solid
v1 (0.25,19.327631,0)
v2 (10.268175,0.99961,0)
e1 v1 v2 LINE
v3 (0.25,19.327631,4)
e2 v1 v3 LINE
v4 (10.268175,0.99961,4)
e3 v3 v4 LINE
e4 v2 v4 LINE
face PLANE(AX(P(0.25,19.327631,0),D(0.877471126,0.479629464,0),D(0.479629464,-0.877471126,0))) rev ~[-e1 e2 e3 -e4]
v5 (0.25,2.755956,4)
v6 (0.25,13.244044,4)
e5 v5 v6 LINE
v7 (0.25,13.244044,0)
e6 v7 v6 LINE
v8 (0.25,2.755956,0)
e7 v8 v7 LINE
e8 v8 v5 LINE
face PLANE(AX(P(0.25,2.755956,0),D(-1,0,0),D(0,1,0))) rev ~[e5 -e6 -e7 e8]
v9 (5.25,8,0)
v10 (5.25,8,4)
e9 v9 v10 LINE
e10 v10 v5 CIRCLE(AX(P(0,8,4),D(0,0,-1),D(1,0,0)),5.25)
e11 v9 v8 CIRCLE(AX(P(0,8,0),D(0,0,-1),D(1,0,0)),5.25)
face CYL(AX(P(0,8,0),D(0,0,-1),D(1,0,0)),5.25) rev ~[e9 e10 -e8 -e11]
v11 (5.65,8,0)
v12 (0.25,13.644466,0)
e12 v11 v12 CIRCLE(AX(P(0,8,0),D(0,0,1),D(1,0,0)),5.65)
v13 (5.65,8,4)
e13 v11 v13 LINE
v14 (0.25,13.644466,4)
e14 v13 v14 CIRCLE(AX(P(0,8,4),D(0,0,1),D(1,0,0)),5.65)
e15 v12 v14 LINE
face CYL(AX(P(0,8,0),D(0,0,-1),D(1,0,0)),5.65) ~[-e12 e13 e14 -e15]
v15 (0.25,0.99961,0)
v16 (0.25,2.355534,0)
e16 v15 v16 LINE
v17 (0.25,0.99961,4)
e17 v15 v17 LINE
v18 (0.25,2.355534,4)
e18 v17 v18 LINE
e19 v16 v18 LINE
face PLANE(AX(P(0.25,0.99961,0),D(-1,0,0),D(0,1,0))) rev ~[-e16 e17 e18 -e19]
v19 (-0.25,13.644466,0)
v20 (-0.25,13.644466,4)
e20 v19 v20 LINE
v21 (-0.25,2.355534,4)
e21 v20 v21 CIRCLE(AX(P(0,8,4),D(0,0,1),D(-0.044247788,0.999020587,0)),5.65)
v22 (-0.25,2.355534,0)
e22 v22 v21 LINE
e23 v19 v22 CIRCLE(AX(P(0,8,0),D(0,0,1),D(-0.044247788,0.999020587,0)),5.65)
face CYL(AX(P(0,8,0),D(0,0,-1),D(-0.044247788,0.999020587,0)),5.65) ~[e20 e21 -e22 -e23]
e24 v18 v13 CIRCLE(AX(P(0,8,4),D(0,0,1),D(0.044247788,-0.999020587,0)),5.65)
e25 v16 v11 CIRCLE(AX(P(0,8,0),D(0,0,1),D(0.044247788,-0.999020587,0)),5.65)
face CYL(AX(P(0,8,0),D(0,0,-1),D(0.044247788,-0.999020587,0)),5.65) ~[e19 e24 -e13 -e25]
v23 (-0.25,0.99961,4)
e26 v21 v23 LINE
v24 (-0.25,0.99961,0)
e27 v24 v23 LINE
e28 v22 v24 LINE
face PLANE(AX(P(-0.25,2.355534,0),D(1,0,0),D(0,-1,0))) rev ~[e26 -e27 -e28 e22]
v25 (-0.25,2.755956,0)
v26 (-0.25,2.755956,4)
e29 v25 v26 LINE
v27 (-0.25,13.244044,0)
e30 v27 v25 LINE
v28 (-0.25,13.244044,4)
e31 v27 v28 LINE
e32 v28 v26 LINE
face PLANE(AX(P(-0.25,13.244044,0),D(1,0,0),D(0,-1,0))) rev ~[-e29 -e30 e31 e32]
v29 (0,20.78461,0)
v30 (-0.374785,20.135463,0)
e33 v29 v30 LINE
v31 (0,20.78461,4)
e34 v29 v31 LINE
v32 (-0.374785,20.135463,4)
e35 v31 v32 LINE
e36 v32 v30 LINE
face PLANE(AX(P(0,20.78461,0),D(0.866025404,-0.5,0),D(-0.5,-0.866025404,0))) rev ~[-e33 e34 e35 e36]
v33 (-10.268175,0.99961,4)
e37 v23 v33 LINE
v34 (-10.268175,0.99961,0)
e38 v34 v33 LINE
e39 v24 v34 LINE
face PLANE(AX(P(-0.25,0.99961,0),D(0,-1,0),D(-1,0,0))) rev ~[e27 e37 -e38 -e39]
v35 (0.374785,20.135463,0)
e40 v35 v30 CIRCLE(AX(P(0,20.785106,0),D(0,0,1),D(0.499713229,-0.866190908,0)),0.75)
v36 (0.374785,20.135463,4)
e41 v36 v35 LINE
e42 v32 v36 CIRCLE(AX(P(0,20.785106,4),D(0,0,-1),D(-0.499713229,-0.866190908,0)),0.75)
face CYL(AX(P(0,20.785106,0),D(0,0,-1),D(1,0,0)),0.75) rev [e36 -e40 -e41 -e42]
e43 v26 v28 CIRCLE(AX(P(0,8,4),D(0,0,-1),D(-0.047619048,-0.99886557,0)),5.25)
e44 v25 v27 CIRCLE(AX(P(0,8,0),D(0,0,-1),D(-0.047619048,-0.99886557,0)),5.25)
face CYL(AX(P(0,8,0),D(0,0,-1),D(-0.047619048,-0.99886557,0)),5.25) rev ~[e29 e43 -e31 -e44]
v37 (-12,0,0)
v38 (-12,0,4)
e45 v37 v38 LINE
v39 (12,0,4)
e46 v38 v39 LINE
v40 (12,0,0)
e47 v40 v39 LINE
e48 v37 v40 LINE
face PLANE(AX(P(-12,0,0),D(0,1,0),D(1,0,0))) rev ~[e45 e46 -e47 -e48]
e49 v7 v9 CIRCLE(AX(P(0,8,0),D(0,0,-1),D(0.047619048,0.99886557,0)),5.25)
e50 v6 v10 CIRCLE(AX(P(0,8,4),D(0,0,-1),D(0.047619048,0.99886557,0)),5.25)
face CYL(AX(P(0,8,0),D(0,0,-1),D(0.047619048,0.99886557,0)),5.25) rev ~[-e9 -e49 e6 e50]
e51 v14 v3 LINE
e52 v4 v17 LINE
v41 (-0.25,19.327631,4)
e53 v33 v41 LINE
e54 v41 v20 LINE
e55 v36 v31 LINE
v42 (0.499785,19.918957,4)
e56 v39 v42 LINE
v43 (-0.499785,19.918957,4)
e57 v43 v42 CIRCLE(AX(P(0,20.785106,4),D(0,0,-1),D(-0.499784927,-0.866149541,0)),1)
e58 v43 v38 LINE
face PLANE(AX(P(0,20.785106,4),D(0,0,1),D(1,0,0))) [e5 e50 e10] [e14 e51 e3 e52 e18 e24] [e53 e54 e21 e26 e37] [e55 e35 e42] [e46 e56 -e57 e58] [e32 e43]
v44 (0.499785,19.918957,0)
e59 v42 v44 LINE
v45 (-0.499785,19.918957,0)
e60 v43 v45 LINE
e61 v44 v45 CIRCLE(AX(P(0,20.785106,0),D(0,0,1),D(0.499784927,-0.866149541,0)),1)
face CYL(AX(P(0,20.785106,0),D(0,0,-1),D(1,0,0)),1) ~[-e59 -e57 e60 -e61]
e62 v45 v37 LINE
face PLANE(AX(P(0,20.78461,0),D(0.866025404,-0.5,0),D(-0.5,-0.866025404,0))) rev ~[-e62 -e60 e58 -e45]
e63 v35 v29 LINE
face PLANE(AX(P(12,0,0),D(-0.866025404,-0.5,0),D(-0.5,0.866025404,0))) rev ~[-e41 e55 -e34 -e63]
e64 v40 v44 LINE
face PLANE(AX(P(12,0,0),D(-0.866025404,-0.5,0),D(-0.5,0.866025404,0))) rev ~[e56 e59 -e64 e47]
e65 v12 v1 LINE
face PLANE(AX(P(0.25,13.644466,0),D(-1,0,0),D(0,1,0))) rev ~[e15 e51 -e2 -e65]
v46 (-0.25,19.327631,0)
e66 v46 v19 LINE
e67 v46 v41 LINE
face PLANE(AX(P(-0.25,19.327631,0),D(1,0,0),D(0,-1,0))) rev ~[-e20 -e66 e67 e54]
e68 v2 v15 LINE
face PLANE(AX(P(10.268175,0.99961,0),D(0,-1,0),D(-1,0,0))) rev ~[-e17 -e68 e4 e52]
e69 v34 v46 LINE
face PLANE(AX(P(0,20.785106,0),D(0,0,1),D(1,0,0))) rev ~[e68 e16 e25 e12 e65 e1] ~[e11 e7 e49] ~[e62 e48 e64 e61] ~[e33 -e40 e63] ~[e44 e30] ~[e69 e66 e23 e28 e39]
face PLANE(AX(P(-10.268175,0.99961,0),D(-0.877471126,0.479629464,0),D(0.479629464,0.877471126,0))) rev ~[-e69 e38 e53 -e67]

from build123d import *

# Parameters (mm, degrees)
F0_W     = 0.25
F0_H     = 0.9996096908
F1_DEPTH = 4
F2_R     = 1
F2_R_2   = 0.75
F3_DEPTH = 4


with BuildPart() as f1:
    # F0 (on Top) → F1 (new body)
    with BuildSketch(Plane.XY):
        Polygon((0, 19.9352577329), (0, 20.7846096908), (-12, 0), (-0.25, 0), (-0.25, 0.9996096908), (-10.2681745375, 0.9996096908), (-0.25, 19.3276307217), (-0.25, 19.9352577329), align=None)
        Polygon((0, 19.785), (0, 19.9352577329), (-0.25, 19.9352577329), (-0.25, 19.3276307217), align=None)
        with BuildLine():
            Line((0, 13.65), (0, 19.785))
            Line((0, 19.785), (-0.25, 19.3276307217))
            Line((-0.25, 19.3276307217), (-0.25, 13.6444663167))
            ThreePointArc((-0.25, 13.6444663167), (-0.1250306179, 13.6486164098), (0, 13.65))
        make_face()
        with BuildLine():
            Line((0.25, 19.3276307217), (0, 19.785))
            Line((0, 19.785), (0, 13.65))
            ThreePointArc((0, 13.65), (0.1250306179, 13.6486164098), (0.25, 13.6444663167))
            Line((0.25, 13.6444663167), (0.25, 19.3276307217))
        make_face()
        Polygon((0.25, 19.9352577329), (0, 19.9352577329), (0, 19.785), (0.25, 19.3276307217), align=None)
        Polygon((12, 0), (0, 20.7846096908), (0, 19.9352577329), (0.25, 19.9352577329), (0.25, 19.3276307217), (10.2681745375, 0.9996096908), (0.25, 0.9996096908), (0.25, 0), align=None)
        with BuildLine():
            ThreePointArc((-0.25, 13.6444663167), (-5.65, 8), (-0.25, 2.3555336833))
            Line((-0.25, 2.3555336833), (-0.25, 2.7559557591))
            ThreePointArc((-0.25, 2.7559557591), (-5.25, 8), (-0.25, 13.2440442409))
            Line((-0.25, 13.2440442409), (-0.25, 13.6444663167))
        make_face()
        with BuildLine():
            ThreePointArc((0.25, 13.2440442409), (0.125035466, 13.248510849), (0, 13.25))
            Line((0, 13.25), (0, 2.75))
            ThreePointArc((0, 2.75), (0.125035466, 2.751489151), (0.25, 2.7559557591))
            Line((0.25, 2.7559557591), (0.25, 13.2440442409))
        make_face()
        with BuildLine():
            Line((0, 2.75), (0, 13.25))
            ThreePointArc((0, 13.25), (-0.125035466, 13.248510849), (-0.25, 13.2440442409))
            Line((-0.25, 13.2440442409), (-0.25, 2.7559557591))
            ThreePointArc((-0.25, 2.7559557591), (-0.125035466, 2.751489151), (0, 2.75))
        make_face()
        with BuildLine():
            Line((0, 13.25), (0, 13.65))
            ThreePointArc((0, 13.65), (-0.1250306179, 13.6486164098), (-0.25, 13.6444663167))
            Line((-0.25, 13.6444663167), (-0.25, 13.2440442409))
            ThreePointArc((-0.25, 13.2440442409), (-0.125035466, 13.248510849), (0, 13.25))
        make_face()
        with BuildLine():
            ThreePointArc((0.25, 13.6444663167), (0.1250306179, 13.6486164098), (0, 13.65))
            Line((0, 13.65), (0, 13.25))
            ThreePointArc((0, 13.25), (0.125035466, 13.248510849), (0.25, 13.2440442409))
            Line((0.25, 13.2440442409), (0.25, 13.6444663167))
        make_face()
        with BuildLine():
            Line((0.25, 2.7559557591), (0.25, 2.3555336833))
            ThreePointArc((0.25, 2.3555336833), (4.0825849654, 4.0942350301), (5.65, 8))
            ThreePointArc((5.65, 8), (4.0825849654, 11.9057649699), (0.25, 13.6444663167))
            Line((0.25, 13.6444663167), (0.25, 13.2440442409))
            ThreePointArc((0.25, 13.2440442409), (3.7996710384, 11.6228441865), (5.25, 8))
            ThreePointArc((5.25, 8), (3.7996710384, 4.3771558135), (0.25, 2.7559557591))
        make_face()
        with Locations((0.125, 0.4998048454)):
            Rectangle(F0_W, F0_H)
        with BuildLine():
            Line((-0.25, 2.3555336833), (-0.25, 0.9996096908))
            Line((-0.25, 0.9996096908), (0, 0.9996096908))
            Line((0, 0.9996096908), (0, 2.35))
            ThreePointArc((0, 2.35), (-0.1250306179, 2.3513835902), (-0.25, 2.3555336833))
        make_face()
        with BuildLine():
            Line((0, 0.9996096908), (0.25, 0.9996096908))
            Line((0.25, 0.9996096908), (0.25, 2.3555336833))
            ThreePointArc((0.25, 2.3555336833), (0.1250306179, 2.3513835902), (0, 2.35))
            Line((0, 2.35), (0, 0.9996096908))
        make_face()
        with BuildLine():
            Line((-0.25, 2.7559557591), (-0.25, 2.3555336833))
            ThreePointArc((-0.25, 2.3555336833), (-0.1250306179, 2.3513835902), (0, 2.35))
            Line((0, 2.35), (0, 2.75))
            ThreePointArc((0, 2.75), (-0.125035466, 2.751489151), (-0.25, 2.7559557591))
        make_face()
        with BuildLine():
            ThreePointArc((0, 2.35), (0.1250306179, 2.3513835902), (0.25, 2.3555336833))
            Line((0.25, 2.3555336833), (0.25, 2.7559557591))
            ThreePointArc((0.25, 2.7559557591), (0.125035466, 2.751489151), (0, 2.75))
            Line((0, 2.75), (0, 2.35))
        make_face()
        with Locations((-0.125, 0.4998048454)):
            Rectangle(F0_W, F0_H)
    extrude(amount=F1_DEPTH)

    # F2 (on Top) → F3 (join)
    with BuildSketch(Plane.XY):
        with Locations((0, 20.785106346)):
            Circle(F2_R)
        with Locations((0, 20.785106346)):
            Circle(F2_R_2, mode=Mode.SUBTRACT)
    extrude(amount=F3_DEPTH)


solid = f1.part
